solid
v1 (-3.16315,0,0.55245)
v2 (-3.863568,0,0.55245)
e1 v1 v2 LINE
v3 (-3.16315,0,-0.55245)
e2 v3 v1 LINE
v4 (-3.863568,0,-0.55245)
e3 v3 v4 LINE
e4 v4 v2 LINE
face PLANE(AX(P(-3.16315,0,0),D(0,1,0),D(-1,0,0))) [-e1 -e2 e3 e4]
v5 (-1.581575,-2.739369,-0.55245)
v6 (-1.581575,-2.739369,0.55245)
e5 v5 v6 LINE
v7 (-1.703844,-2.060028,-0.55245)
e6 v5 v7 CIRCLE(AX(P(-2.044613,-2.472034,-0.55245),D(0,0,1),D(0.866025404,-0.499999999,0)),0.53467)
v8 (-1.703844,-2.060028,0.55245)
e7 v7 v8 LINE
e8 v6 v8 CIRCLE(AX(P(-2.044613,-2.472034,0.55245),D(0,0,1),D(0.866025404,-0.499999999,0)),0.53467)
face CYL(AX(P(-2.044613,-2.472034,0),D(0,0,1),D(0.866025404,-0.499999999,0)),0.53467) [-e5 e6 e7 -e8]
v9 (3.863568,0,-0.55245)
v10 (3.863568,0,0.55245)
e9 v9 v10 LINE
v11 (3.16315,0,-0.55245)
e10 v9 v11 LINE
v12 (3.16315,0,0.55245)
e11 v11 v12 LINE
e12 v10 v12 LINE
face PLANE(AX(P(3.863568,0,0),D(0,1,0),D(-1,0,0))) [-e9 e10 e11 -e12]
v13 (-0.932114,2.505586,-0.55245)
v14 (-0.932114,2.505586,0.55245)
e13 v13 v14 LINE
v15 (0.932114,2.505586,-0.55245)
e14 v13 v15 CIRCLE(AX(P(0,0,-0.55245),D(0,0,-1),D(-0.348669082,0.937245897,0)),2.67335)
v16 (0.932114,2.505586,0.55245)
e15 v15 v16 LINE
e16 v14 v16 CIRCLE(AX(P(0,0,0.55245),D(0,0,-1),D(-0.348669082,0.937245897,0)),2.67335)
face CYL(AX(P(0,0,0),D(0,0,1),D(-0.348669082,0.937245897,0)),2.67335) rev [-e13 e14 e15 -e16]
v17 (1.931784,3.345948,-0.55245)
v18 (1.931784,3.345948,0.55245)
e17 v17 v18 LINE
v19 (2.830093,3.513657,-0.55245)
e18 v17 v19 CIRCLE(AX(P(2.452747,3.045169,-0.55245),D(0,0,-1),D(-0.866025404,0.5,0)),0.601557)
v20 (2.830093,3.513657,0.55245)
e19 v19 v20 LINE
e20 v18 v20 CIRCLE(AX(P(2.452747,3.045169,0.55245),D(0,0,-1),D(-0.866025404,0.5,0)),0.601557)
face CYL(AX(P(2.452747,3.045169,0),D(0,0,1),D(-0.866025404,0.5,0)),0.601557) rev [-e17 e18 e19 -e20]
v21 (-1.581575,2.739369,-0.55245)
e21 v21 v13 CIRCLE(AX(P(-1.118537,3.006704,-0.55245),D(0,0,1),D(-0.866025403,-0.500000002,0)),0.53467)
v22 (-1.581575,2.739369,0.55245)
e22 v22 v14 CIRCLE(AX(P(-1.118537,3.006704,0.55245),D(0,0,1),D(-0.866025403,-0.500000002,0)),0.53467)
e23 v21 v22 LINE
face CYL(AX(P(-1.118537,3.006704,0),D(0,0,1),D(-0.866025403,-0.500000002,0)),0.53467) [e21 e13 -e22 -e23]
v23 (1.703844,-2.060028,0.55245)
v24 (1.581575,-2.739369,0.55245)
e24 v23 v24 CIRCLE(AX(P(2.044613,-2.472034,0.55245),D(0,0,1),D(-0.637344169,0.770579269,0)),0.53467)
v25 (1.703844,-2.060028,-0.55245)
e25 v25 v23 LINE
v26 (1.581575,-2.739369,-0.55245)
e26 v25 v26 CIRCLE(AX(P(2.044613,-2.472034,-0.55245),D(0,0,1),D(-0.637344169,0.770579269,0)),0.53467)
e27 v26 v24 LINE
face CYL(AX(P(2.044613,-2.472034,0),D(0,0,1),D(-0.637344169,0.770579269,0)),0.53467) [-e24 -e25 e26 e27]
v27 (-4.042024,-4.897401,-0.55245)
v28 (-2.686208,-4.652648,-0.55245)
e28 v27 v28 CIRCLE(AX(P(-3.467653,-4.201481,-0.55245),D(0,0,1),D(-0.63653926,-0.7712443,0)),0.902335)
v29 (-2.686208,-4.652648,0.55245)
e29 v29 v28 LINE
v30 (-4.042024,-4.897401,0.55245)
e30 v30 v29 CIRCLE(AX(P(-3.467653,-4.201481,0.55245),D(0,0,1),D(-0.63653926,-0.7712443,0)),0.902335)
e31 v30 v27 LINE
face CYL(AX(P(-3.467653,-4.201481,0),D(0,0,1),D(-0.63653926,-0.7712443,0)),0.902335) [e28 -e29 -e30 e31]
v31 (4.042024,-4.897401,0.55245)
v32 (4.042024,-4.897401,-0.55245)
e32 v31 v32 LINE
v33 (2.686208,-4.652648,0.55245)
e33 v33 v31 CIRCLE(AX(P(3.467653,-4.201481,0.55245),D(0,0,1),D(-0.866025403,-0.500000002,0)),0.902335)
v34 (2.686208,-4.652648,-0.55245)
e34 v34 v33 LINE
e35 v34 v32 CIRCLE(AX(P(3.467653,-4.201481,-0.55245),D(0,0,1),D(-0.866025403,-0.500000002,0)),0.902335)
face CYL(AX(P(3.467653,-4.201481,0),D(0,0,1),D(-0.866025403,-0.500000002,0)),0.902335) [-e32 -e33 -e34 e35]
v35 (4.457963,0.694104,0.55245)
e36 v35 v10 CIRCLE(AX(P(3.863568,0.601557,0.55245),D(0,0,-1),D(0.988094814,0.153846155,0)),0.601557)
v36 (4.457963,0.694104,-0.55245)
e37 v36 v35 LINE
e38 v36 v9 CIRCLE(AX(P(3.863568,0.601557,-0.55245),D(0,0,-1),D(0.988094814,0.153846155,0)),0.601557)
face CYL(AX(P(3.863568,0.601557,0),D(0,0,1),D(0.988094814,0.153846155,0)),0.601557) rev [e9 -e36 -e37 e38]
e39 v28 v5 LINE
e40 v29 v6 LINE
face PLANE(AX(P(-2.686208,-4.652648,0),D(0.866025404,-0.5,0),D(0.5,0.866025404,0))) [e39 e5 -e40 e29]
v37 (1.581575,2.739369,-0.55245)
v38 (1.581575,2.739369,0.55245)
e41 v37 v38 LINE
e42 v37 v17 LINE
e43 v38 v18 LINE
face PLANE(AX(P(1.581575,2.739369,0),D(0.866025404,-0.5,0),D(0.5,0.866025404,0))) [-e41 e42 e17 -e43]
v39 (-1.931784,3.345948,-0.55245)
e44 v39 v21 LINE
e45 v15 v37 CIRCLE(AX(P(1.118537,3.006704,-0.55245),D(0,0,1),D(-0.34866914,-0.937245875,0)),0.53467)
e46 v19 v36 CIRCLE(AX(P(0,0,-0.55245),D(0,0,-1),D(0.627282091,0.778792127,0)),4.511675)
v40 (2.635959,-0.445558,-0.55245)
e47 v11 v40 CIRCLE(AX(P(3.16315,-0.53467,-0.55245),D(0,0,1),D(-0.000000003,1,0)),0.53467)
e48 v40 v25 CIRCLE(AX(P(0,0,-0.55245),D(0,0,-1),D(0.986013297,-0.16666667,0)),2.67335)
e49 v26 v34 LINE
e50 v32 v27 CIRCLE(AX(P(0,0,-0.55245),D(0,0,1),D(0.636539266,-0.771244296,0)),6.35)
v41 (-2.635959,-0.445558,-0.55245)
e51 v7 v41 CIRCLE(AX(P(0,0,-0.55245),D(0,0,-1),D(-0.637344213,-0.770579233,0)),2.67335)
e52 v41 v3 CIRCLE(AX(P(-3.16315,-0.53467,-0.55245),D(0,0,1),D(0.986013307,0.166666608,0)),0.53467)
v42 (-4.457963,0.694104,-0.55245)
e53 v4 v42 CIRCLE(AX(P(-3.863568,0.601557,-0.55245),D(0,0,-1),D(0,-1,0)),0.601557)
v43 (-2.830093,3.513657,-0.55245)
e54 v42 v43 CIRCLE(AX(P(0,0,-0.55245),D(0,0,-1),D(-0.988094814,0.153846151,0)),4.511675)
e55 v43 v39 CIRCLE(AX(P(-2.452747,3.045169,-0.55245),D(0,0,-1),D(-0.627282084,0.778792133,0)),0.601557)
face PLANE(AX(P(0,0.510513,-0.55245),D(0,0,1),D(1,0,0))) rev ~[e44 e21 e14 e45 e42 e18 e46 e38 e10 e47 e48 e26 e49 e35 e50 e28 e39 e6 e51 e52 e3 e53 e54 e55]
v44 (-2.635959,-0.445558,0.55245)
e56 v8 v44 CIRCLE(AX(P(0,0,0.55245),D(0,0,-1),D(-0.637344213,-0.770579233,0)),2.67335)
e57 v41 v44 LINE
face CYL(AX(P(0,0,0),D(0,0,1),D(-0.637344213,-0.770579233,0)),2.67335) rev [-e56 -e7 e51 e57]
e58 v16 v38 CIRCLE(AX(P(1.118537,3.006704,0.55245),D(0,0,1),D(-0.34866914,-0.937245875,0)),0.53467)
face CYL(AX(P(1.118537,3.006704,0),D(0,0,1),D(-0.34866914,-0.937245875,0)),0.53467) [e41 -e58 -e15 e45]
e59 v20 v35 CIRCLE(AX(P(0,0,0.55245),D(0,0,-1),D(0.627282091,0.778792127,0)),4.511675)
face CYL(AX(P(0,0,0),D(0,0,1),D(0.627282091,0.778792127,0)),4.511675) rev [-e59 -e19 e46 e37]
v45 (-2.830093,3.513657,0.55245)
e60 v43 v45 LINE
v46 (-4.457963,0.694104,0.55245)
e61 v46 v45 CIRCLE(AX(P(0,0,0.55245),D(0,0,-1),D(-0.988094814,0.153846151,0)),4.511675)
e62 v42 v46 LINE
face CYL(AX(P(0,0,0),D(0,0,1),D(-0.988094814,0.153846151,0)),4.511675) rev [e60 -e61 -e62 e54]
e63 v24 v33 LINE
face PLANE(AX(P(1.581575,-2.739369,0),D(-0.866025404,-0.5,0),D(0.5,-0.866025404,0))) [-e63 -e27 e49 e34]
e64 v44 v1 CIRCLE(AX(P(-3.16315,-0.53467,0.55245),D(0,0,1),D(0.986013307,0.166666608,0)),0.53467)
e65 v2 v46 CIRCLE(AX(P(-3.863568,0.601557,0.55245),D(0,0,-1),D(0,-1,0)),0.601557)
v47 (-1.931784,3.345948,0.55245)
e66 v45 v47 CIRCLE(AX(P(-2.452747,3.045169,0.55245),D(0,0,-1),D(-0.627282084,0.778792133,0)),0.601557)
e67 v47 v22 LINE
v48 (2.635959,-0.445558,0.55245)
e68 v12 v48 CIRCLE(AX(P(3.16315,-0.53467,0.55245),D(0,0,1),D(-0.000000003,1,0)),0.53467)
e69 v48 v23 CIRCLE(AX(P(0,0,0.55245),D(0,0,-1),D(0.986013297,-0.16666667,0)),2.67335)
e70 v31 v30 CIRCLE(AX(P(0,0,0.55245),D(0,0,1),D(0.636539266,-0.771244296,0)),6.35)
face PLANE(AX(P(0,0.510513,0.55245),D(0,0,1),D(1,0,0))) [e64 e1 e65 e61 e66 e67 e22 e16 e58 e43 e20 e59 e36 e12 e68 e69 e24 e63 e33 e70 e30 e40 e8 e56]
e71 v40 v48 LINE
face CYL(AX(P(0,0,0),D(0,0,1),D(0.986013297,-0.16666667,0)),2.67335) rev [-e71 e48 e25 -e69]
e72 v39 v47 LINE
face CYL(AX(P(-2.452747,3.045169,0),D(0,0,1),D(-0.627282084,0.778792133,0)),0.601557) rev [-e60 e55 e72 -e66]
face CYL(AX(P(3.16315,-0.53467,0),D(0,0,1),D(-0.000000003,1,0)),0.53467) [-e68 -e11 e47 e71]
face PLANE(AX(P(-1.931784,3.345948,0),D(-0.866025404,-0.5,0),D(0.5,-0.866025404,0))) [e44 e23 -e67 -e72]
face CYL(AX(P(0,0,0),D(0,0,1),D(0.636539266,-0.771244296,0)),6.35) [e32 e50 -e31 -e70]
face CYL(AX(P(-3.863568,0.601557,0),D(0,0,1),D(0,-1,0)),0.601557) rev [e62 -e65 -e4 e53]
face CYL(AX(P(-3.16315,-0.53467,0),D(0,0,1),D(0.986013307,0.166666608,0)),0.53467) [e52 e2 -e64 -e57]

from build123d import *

# Parameters (mm, degrees)
BOSS_EXTRUDE1_DEPTH      = 0.55245
BOSS_EXTRUDE1_DEPTH_BACK = 0.55245


with BuildPart() as part:
    # Sketch1 → Boss-Extrude1 (new, two sides: drawn at the far end of the back side and taken through both)
    with BuildSketch(Plane.XY.offset(-BOSS_EXTRUDE1_DEPTH_BACK)):
        with BuildLine():
            Line((-2.686207619, -4.652648077), (-1.581575189, -2.739368583))
            ThreePointArc((-1.581575189, -2.739368583), (-1.518398027, -2.377324451), (-1.703844152, -2.060027992))
            ThreePointArc((-1.703844152, -2.060027992), (-2.315189002, -1.336675019), (-2.635958642, -0.445558366))
            ThreePointArc((-2.635958642, -0.445558366), (-2.818022364, -0.126309053), (-3.163150378, 0))
            Line((-3.163150378, 0), (-3.863567646, 0))
            ThreePointArc((-3.863567646, 0), (-4.32048273, 0.210277956), (-4.457962671, 0.694103832))
            ThreePointArc((-4.457962671, 0.694103832), (-3.907225167, 2.255837494), (-2.830092898, 3.513656997))
            ThreePointArc((-2.830092898, 3.513656997), (-2.342347424, 3.636508824), (-1.931783823, 3.345947731))
            Line((-1.931783823, 3.345947731), (-1.581575189, 2.739368583))
            ThreePointArc((-1.581575189, 2.739368583), (-1.299624349, 2.503633488), (-0.932114488, 2.505586319))
            ThreePointArc((-0.932114488, 2.505586319), (-1.7e-08, 2.67335), (0.932114457, 2.505586331))
            ThreePointArc((0.932114457, 2.505586331), (1.299624333, 2.503633482), (1.581575189, 2.739368583))
            Line((1.581575189, 2.739368583), (1.931783823, 3.345947731))
            ThreePointArc((1.931783823, 3.345947731), (2.342347445, 3.636508828), (2.830092931, 3.51365697))
            ThreePointArc((2.830092931, 3.51365697), (3.907225174, 2.255837482), (4.457962669, 0.694103846))
            ThreePointArc((4.457962669, 0.694103846), (4.320482735, 0.210277961), (3.863567646, 0))
            Line((3.863567646, 0), (3.163150378, 0))
            ThreePointArc((3.163150378, 0), (2.818022373, -0.126309046), (2.635958646, -0.445558343))
            ThreePointArc((2.635958646, -0.445558343), (2.315189019, -1.33667499), (1.703844185, -2.060027965))
            ThreePointArc((1.703844185, -2.060027965), (1.518398031, -2.377324429), (1.581575189, -2.739368583))
            Line((1.581575189, -2.739368583), (2.686207619, -4.652648077))
            ThreePointArc((2.686207619, -4.652648077), (3.307353322, -5.089462883), (4.042024336, -4.897401277))
            ThreePointArc((4.042024336, -4.897401277), (-2e-08, 6.35), (-4.042024306, -4.897401302))
            ThreePointArc((-4.042024306, -4.897401302), (-3.307353303, -5.08946288), (-2.686207619, -4.652648077))
        make_face()
    extrude(amount=BOSS_EXTRUDE1_DEPTH + BOSS_EXTRUDE1_DEPTH_BACK)


solid = part.part
